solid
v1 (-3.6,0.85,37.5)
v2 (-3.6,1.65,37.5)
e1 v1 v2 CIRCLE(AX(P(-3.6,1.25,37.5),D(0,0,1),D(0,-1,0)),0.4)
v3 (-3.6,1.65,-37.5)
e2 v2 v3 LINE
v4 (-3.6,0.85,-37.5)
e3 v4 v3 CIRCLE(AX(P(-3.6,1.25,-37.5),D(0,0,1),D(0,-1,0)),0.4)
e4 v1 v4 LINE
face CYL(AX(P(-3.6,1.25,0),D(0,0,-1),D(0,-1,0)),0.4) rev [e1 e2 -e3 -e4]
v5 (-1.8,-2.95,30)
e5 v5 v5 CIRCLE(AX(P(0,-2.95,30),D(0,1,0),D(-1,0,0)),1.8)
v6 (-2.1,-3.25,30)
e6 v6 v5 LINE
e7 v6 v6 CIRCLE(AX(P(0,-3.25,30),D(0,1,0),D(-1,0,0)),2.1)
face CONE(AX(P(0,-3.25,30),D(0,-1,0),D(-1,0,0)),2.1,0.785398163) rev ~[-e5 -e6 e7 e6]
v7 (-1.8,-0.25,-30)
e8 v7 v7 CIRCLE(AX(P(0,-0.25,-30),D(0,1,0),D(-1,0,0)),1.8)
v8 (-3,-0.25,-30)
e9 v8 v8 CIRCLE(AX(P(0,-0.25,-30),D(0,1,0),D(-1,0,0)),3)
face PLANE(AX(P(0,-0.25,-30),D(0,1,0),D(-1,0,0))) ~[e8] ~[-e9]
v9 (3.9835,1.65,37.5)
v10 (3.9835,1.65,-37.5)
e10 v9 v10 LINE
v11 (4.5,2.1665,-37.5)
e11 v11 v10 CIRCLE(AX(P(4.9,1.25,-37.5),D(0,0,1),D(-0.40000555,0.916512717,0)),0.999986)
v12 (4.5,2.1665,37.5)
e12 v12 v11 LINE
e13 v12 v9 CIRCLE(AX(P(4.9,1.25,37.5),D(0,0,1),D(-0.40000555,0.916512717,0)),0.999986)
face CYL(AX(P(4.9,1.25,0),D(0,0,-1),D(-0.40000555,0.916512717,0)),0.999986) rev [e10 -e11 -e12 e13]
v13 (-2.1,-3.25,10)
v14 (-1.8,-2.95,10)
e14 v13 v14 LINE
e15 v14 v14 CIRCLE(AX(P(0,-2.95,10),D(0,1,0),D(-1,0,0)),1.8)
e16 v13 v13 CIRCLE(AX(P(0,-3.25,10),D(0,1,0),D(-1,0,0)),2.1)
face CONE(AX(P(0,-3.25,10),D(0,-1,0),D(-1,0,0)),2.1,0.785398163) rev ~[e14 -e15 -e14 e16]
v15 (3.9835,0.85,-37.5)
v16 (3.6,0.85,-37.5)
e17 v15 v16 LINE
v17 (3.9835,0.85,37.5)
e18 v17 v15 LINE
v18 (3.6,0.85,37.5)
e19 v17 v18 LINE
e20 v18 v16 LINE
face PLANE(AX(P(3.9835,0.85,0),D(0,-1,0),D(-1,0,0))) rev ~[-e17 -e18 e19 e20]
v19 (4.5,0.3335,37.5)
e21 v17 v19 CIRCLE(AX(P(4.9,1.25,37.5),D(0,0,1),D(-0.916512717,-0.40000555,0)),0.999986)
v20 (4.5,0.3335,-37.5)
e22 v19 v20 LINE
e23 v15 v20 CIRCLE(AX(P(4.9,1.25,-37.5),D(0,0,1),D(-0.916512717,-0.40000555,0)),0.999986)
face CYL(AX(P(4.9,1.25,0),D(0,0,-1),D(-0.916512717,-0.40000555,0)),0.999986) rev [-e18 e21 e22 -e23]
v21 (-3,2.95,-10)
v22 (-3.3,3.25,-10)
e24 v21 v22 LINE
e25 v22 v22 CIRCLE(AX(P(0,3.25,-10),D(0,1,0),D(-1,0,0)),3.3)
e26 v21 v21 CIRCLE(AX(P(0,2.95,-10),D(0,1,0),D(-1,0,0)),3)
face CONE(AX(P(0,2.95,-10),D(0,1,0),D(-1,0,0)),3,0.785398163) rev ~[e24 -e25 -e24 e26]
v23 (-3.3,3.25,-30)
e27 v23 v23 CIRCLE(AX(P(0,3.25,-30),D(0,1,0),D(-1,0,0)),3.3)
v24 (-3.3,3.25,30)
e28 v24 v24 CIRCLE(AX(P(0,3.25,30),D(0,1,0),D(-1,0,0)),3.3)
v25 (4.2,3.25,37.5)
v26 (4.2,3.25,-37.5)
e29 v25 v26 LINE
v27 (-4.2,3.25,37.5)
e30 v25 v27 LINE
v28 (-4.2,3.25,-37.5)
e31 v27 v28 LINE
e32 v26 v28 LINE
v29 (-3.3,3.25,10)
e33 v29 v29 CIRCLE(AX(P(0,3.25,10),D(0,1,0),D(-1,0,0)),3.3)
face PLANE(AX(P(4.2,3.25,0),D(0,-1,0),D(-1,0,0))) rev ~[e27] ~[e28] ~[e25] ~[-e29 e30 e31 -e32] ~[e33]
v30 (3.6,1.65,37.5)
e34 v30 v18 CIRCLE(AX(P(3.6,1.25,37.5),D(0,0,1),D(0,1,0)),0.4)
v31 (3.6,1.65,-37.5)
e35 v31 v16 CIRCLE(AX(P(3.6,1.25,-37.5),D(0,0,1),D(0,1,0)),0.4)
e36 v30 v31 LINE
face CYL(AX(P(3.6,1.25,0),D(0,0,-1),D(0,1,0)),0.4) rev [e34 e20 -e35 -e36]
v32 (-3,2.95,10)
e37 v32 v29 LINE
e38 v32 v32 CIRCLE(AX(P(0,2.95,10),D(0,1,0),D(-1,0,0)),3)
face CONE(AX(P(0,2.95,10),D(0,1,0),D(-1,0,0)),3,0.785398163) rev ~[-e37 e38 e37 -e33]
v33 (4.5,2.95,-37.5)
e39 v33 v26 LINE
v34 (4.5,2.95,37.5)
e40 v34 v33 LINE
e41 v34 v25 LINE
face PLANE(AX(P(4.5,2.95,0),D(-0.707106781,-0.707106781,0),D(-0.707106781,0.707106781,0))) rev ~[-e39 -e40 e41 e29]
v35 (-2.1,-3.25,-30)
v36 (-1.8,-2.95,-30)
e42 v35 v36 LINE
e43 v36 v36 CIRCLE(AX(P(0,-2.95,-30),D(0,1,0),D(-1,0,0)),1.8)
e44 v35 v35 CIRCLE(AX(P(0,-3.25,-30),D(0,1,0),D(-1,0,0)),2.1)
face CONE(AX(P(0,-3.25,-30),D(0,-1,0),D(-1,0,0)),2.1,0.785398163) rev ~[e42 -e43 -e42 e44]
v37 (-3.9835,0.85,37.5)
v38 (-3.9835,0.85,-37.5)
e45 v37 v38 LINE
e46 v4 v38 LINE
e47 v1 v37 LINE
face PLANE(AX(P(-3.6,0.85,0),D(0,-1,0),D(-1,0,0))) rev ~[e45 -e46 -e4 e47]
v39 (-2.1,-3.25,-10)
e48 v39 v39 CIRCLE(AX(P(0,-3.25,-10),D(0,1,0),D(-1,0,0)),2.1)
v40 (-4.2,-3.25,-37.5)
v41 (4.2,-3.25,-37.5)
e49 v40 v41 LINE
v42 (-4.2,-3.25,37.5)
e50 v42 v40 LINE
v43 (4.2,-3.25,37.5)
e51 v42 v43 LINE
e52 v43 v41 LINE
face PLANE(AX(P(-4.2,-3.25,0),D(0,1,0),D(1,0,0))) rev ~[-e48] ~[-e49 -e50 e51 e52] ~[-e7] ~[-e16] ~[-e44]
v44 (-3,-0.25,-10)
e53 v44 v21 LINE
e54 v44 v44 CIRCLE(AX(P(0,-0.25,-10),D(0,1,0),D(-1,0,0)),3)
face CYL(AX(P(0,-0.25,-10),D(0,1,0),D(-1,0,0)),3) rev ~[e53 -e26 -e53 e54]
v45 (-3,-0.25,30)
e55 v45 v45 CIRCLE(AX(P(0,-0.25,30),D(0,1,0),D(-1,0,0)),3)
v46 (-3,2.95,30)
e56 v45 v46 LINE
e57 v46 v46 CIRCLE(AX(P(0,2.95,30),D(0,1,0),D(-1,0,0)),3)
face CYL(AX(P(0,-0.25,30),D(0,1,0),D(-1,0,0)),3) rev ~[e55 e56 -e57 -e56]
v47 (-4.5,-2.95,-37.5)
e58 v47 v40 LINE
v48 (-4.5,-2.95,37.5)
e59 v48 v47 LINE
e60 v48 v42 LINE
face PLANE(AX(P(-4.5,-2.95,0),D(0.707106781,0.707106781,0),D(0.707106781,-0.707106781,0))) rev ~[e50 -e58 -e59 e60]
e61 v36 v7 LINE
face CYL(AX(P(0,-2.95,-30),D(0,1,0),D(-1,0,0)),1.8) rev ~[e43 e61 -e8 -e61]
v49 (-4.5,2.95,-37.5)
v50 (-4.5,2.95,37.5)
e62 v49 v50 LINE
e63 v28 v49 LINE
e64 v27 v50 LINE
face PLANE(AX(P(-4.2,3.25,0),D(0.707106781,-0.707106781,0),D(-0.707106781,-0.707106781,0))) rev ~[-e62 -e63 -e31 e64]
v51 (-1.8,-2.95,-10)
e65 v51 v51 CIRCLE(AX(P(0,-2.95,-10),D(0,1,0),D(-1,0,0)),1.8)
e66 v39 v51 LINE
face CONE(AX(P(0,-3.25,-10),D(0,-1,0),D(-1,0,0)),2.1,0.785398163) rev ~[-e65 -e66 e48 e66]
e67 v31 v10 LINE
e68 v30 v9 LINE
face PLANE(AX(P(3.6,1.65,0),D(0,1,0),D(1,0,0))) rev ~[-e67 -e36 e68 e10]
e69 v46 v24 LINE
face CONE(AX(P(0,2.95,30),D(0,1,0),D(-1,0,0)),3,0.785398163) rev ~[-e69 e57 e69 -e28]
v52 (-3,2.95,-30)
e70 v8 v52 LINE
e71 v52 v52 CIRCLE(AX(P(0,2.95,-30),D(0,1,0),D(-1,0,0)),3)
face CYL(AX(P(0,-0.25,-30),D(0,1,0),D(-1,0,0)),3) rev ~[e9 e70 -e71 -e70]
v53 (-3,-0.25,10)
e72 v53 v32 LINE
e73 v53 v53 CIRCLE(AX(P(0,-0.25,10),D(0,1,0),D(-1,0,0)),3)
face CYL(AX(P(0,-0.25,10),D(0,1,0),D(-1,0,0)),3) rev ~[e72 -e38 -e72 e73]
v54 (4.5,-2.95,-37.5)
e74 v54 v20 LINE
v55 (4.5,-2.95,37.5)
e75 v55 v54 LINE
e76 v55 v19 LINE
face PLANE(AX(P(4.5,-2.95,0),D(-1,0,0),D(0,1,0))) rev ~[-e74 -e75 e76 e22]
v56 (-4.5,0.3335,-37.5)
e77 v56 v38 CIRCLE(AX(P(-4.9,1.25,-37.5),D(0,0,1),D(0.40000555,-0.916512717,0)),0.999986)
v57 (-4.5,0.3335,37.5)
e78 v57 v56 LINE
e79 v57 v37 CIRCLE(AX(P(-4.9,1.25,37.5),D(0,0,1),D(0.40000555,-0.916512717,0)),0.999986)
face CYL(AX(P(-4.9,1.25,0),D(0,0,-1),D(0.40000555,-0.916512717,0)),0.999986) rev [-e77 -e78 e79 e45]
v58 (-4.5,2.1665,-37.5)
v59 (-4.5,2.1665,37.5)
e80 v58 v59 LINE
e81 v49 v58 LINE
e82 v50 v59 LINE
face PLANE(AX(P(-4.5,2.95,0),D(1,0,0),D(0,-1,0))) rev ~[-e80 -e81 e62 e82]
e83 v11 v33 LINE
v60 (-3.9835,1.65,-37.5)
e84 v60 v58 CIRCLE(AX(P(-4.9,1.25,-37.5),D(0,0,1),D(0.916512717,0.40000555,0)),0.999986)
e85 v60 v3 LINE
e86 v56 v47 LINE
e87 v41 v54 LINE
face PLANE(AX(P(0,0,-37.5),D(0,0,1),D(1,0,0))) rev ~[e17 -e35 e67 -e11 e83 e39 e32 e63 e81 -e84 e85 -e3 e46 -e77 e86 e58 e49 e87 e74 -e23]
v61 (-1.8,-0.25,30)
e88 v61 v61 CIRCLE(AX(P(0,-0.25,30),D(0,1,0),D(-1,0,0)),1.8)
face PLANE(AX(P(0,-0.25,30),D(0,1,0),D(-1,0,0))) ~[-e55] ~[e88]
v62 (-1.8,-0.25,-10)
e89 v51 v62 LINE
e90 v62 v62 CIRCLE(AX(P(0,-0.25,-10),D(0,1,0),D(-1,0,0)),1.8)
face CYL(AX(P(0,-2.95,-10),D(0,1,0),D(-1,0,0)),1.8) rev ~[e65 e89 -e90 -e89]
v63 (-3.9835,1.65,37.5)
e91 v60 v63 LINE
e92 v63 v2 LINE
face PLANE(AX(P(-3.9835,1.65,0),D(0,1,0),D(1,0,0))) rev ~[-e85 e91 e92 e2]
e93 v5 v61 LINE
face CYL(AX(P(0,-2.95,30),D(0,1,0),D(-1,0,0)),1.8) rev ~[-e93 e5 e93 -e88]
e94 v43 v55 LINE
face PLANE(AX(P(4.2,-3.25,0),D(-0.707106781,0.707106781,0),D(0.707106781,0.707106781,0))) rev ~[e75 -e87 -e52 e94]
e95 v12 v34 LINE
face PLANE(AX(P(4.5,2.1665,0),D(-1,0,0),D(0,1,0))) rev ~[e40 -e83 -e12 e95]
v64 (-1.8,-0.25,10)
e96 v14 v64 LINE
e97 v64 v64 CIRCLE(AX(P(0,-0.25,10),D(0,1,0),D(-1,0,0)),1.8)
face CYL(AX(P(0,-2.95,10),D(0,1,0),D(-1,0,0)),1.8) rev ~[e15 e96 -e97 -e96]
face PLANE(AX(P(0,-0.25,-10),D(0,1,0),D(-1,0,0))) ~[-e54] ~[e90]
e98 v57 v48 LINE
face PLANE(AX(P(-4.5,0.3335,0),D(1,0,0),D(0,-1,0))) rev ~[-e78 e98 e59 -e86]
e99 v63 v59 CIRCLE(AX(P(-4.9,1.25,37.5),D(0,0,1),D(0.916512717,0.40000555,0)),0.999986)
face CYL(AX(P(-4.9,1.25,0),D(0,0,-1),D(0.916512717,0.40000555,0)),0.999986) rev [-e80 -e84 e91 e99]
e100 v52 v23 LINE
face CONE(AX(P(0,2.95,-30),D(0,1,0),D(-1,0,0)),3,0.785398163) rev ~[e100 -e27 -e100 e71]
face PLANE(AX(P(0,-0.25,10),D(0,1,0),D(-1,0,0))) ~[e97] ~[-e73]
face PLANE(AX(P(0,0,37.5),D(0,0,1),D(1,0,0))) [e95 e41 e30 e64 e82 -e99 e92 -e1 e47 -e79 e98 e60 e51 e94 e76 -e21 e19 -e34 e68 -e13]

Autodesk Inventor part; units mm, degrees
sketch "_____1" plane through (0, 0, 0) normal (0, 0, 1) x (1, 0, 0)
  line L0 (-4.5, 2.95) -> (-4.5, 2.1665)
  arc A0 (-3.9835, 1.65) -> (-4.5, 2.1665) centre (-4.9, 1.25) ccw
  line L1 (-3.9835, 1.65) -> (-3.6, 1.65)
  arc A1 (-3.6, 0.85) -> (-3.6, 1.65) centre (-3.6, 1.25) ccw
  line L2 (-3.6, 0.85) -> (-3.9835, 0.85)
  arc A2 (-4.5, 0.3335) -> (-3.9835, 0.85) centre (-4.9, 1.25) ccw
  line L3 (-4.5, 0.3335) -> (-4.5, -2.95)
  line L4 (-4.5, -2.95) -> (-4.2, -3.25)
  line L5 (-4.2, -3.25) -> (4.2, -3.25)
  line L6 (4.2, -3.25) -> (4.5, -2.95)
  line L7 (4.5, -2.95) -> (4.5, 0.3335)
  arc A3 (3.9835, 0.85) -> (4.5, 0.3335) centre (4.9, 1.25) ccw
  line L8 (3.9835, 0.85) -> (3.6, 0.85)
  arc A4 (3.6, 1.65) -> (3.6, 0.85) centre (3.6, 1.25) ccw
  line L9 (3.6, 1.65) -> (3.9835, 1.65)
  arc A5 (4.5, 2.1665) -> (3.9835, 1.65) centre (4.9, 1.25) ccw
  line L10 (4.5, 2.1665) -> (4.5, 2.95)
  line L11 (4.5, 2.95) -> (4.2, 3.25)
  line L12 (4.2, 3.25) -> (-4.2, 3.25)
  line L13 (-4.2, 3.25) -> (-4.5, 2.95)
extrude "Extrusion1" add sketch "_____1" along normal mid plane 75
sketch "_____5" plane through (0, 0, 30) normal (0, 0, 1) x (1, 0, 0)
  line L0 (0, 3.25) -> (0, -3.25)
  line L1 (0, -3.25) -> (-2.1, -3.25)
  line L2 (-2.1, -3.25) -> (-1.8, -2.95)
  line L3 (-1.8, -2.95) -> (-1.8, -0.25)
  line L4 (-1.8, -0.25) -> (-3, -0.25)
  line L5 (-3, -0.25) -> (-3, 2.95)
  line L6 (-3, 2.95) -> (-3.3, 3.25)
  line L7 (-3.3, 3.25) -> (0, 3.25)
  line L8 (0, 3.25) -> (0, -3.25)
revolve "Revolution1" cut sketch "_____5" angle 360 about axis through (0, 3.25, 30) along (0, 1, 0)
pattern_linear "Rectangular Pattern1" count 4 spacing 20 along (0, 0, -1) of "Revolution1"
ref_plane "to_block1_XY" through (0, -3.25, 0) normal (0, 0, 1) x (1, 0, 0)
ref_plane "to_block1_YZ" through (0, -3.25, 0) normal (1, 0, 0) x (0, 1, 0)
ref_plane "to_block1_ZX" through (0, -3.25, 0) normal (0, 1, 0) x (0, 0, 1)
properties part number "C-MLG9-75_r"
